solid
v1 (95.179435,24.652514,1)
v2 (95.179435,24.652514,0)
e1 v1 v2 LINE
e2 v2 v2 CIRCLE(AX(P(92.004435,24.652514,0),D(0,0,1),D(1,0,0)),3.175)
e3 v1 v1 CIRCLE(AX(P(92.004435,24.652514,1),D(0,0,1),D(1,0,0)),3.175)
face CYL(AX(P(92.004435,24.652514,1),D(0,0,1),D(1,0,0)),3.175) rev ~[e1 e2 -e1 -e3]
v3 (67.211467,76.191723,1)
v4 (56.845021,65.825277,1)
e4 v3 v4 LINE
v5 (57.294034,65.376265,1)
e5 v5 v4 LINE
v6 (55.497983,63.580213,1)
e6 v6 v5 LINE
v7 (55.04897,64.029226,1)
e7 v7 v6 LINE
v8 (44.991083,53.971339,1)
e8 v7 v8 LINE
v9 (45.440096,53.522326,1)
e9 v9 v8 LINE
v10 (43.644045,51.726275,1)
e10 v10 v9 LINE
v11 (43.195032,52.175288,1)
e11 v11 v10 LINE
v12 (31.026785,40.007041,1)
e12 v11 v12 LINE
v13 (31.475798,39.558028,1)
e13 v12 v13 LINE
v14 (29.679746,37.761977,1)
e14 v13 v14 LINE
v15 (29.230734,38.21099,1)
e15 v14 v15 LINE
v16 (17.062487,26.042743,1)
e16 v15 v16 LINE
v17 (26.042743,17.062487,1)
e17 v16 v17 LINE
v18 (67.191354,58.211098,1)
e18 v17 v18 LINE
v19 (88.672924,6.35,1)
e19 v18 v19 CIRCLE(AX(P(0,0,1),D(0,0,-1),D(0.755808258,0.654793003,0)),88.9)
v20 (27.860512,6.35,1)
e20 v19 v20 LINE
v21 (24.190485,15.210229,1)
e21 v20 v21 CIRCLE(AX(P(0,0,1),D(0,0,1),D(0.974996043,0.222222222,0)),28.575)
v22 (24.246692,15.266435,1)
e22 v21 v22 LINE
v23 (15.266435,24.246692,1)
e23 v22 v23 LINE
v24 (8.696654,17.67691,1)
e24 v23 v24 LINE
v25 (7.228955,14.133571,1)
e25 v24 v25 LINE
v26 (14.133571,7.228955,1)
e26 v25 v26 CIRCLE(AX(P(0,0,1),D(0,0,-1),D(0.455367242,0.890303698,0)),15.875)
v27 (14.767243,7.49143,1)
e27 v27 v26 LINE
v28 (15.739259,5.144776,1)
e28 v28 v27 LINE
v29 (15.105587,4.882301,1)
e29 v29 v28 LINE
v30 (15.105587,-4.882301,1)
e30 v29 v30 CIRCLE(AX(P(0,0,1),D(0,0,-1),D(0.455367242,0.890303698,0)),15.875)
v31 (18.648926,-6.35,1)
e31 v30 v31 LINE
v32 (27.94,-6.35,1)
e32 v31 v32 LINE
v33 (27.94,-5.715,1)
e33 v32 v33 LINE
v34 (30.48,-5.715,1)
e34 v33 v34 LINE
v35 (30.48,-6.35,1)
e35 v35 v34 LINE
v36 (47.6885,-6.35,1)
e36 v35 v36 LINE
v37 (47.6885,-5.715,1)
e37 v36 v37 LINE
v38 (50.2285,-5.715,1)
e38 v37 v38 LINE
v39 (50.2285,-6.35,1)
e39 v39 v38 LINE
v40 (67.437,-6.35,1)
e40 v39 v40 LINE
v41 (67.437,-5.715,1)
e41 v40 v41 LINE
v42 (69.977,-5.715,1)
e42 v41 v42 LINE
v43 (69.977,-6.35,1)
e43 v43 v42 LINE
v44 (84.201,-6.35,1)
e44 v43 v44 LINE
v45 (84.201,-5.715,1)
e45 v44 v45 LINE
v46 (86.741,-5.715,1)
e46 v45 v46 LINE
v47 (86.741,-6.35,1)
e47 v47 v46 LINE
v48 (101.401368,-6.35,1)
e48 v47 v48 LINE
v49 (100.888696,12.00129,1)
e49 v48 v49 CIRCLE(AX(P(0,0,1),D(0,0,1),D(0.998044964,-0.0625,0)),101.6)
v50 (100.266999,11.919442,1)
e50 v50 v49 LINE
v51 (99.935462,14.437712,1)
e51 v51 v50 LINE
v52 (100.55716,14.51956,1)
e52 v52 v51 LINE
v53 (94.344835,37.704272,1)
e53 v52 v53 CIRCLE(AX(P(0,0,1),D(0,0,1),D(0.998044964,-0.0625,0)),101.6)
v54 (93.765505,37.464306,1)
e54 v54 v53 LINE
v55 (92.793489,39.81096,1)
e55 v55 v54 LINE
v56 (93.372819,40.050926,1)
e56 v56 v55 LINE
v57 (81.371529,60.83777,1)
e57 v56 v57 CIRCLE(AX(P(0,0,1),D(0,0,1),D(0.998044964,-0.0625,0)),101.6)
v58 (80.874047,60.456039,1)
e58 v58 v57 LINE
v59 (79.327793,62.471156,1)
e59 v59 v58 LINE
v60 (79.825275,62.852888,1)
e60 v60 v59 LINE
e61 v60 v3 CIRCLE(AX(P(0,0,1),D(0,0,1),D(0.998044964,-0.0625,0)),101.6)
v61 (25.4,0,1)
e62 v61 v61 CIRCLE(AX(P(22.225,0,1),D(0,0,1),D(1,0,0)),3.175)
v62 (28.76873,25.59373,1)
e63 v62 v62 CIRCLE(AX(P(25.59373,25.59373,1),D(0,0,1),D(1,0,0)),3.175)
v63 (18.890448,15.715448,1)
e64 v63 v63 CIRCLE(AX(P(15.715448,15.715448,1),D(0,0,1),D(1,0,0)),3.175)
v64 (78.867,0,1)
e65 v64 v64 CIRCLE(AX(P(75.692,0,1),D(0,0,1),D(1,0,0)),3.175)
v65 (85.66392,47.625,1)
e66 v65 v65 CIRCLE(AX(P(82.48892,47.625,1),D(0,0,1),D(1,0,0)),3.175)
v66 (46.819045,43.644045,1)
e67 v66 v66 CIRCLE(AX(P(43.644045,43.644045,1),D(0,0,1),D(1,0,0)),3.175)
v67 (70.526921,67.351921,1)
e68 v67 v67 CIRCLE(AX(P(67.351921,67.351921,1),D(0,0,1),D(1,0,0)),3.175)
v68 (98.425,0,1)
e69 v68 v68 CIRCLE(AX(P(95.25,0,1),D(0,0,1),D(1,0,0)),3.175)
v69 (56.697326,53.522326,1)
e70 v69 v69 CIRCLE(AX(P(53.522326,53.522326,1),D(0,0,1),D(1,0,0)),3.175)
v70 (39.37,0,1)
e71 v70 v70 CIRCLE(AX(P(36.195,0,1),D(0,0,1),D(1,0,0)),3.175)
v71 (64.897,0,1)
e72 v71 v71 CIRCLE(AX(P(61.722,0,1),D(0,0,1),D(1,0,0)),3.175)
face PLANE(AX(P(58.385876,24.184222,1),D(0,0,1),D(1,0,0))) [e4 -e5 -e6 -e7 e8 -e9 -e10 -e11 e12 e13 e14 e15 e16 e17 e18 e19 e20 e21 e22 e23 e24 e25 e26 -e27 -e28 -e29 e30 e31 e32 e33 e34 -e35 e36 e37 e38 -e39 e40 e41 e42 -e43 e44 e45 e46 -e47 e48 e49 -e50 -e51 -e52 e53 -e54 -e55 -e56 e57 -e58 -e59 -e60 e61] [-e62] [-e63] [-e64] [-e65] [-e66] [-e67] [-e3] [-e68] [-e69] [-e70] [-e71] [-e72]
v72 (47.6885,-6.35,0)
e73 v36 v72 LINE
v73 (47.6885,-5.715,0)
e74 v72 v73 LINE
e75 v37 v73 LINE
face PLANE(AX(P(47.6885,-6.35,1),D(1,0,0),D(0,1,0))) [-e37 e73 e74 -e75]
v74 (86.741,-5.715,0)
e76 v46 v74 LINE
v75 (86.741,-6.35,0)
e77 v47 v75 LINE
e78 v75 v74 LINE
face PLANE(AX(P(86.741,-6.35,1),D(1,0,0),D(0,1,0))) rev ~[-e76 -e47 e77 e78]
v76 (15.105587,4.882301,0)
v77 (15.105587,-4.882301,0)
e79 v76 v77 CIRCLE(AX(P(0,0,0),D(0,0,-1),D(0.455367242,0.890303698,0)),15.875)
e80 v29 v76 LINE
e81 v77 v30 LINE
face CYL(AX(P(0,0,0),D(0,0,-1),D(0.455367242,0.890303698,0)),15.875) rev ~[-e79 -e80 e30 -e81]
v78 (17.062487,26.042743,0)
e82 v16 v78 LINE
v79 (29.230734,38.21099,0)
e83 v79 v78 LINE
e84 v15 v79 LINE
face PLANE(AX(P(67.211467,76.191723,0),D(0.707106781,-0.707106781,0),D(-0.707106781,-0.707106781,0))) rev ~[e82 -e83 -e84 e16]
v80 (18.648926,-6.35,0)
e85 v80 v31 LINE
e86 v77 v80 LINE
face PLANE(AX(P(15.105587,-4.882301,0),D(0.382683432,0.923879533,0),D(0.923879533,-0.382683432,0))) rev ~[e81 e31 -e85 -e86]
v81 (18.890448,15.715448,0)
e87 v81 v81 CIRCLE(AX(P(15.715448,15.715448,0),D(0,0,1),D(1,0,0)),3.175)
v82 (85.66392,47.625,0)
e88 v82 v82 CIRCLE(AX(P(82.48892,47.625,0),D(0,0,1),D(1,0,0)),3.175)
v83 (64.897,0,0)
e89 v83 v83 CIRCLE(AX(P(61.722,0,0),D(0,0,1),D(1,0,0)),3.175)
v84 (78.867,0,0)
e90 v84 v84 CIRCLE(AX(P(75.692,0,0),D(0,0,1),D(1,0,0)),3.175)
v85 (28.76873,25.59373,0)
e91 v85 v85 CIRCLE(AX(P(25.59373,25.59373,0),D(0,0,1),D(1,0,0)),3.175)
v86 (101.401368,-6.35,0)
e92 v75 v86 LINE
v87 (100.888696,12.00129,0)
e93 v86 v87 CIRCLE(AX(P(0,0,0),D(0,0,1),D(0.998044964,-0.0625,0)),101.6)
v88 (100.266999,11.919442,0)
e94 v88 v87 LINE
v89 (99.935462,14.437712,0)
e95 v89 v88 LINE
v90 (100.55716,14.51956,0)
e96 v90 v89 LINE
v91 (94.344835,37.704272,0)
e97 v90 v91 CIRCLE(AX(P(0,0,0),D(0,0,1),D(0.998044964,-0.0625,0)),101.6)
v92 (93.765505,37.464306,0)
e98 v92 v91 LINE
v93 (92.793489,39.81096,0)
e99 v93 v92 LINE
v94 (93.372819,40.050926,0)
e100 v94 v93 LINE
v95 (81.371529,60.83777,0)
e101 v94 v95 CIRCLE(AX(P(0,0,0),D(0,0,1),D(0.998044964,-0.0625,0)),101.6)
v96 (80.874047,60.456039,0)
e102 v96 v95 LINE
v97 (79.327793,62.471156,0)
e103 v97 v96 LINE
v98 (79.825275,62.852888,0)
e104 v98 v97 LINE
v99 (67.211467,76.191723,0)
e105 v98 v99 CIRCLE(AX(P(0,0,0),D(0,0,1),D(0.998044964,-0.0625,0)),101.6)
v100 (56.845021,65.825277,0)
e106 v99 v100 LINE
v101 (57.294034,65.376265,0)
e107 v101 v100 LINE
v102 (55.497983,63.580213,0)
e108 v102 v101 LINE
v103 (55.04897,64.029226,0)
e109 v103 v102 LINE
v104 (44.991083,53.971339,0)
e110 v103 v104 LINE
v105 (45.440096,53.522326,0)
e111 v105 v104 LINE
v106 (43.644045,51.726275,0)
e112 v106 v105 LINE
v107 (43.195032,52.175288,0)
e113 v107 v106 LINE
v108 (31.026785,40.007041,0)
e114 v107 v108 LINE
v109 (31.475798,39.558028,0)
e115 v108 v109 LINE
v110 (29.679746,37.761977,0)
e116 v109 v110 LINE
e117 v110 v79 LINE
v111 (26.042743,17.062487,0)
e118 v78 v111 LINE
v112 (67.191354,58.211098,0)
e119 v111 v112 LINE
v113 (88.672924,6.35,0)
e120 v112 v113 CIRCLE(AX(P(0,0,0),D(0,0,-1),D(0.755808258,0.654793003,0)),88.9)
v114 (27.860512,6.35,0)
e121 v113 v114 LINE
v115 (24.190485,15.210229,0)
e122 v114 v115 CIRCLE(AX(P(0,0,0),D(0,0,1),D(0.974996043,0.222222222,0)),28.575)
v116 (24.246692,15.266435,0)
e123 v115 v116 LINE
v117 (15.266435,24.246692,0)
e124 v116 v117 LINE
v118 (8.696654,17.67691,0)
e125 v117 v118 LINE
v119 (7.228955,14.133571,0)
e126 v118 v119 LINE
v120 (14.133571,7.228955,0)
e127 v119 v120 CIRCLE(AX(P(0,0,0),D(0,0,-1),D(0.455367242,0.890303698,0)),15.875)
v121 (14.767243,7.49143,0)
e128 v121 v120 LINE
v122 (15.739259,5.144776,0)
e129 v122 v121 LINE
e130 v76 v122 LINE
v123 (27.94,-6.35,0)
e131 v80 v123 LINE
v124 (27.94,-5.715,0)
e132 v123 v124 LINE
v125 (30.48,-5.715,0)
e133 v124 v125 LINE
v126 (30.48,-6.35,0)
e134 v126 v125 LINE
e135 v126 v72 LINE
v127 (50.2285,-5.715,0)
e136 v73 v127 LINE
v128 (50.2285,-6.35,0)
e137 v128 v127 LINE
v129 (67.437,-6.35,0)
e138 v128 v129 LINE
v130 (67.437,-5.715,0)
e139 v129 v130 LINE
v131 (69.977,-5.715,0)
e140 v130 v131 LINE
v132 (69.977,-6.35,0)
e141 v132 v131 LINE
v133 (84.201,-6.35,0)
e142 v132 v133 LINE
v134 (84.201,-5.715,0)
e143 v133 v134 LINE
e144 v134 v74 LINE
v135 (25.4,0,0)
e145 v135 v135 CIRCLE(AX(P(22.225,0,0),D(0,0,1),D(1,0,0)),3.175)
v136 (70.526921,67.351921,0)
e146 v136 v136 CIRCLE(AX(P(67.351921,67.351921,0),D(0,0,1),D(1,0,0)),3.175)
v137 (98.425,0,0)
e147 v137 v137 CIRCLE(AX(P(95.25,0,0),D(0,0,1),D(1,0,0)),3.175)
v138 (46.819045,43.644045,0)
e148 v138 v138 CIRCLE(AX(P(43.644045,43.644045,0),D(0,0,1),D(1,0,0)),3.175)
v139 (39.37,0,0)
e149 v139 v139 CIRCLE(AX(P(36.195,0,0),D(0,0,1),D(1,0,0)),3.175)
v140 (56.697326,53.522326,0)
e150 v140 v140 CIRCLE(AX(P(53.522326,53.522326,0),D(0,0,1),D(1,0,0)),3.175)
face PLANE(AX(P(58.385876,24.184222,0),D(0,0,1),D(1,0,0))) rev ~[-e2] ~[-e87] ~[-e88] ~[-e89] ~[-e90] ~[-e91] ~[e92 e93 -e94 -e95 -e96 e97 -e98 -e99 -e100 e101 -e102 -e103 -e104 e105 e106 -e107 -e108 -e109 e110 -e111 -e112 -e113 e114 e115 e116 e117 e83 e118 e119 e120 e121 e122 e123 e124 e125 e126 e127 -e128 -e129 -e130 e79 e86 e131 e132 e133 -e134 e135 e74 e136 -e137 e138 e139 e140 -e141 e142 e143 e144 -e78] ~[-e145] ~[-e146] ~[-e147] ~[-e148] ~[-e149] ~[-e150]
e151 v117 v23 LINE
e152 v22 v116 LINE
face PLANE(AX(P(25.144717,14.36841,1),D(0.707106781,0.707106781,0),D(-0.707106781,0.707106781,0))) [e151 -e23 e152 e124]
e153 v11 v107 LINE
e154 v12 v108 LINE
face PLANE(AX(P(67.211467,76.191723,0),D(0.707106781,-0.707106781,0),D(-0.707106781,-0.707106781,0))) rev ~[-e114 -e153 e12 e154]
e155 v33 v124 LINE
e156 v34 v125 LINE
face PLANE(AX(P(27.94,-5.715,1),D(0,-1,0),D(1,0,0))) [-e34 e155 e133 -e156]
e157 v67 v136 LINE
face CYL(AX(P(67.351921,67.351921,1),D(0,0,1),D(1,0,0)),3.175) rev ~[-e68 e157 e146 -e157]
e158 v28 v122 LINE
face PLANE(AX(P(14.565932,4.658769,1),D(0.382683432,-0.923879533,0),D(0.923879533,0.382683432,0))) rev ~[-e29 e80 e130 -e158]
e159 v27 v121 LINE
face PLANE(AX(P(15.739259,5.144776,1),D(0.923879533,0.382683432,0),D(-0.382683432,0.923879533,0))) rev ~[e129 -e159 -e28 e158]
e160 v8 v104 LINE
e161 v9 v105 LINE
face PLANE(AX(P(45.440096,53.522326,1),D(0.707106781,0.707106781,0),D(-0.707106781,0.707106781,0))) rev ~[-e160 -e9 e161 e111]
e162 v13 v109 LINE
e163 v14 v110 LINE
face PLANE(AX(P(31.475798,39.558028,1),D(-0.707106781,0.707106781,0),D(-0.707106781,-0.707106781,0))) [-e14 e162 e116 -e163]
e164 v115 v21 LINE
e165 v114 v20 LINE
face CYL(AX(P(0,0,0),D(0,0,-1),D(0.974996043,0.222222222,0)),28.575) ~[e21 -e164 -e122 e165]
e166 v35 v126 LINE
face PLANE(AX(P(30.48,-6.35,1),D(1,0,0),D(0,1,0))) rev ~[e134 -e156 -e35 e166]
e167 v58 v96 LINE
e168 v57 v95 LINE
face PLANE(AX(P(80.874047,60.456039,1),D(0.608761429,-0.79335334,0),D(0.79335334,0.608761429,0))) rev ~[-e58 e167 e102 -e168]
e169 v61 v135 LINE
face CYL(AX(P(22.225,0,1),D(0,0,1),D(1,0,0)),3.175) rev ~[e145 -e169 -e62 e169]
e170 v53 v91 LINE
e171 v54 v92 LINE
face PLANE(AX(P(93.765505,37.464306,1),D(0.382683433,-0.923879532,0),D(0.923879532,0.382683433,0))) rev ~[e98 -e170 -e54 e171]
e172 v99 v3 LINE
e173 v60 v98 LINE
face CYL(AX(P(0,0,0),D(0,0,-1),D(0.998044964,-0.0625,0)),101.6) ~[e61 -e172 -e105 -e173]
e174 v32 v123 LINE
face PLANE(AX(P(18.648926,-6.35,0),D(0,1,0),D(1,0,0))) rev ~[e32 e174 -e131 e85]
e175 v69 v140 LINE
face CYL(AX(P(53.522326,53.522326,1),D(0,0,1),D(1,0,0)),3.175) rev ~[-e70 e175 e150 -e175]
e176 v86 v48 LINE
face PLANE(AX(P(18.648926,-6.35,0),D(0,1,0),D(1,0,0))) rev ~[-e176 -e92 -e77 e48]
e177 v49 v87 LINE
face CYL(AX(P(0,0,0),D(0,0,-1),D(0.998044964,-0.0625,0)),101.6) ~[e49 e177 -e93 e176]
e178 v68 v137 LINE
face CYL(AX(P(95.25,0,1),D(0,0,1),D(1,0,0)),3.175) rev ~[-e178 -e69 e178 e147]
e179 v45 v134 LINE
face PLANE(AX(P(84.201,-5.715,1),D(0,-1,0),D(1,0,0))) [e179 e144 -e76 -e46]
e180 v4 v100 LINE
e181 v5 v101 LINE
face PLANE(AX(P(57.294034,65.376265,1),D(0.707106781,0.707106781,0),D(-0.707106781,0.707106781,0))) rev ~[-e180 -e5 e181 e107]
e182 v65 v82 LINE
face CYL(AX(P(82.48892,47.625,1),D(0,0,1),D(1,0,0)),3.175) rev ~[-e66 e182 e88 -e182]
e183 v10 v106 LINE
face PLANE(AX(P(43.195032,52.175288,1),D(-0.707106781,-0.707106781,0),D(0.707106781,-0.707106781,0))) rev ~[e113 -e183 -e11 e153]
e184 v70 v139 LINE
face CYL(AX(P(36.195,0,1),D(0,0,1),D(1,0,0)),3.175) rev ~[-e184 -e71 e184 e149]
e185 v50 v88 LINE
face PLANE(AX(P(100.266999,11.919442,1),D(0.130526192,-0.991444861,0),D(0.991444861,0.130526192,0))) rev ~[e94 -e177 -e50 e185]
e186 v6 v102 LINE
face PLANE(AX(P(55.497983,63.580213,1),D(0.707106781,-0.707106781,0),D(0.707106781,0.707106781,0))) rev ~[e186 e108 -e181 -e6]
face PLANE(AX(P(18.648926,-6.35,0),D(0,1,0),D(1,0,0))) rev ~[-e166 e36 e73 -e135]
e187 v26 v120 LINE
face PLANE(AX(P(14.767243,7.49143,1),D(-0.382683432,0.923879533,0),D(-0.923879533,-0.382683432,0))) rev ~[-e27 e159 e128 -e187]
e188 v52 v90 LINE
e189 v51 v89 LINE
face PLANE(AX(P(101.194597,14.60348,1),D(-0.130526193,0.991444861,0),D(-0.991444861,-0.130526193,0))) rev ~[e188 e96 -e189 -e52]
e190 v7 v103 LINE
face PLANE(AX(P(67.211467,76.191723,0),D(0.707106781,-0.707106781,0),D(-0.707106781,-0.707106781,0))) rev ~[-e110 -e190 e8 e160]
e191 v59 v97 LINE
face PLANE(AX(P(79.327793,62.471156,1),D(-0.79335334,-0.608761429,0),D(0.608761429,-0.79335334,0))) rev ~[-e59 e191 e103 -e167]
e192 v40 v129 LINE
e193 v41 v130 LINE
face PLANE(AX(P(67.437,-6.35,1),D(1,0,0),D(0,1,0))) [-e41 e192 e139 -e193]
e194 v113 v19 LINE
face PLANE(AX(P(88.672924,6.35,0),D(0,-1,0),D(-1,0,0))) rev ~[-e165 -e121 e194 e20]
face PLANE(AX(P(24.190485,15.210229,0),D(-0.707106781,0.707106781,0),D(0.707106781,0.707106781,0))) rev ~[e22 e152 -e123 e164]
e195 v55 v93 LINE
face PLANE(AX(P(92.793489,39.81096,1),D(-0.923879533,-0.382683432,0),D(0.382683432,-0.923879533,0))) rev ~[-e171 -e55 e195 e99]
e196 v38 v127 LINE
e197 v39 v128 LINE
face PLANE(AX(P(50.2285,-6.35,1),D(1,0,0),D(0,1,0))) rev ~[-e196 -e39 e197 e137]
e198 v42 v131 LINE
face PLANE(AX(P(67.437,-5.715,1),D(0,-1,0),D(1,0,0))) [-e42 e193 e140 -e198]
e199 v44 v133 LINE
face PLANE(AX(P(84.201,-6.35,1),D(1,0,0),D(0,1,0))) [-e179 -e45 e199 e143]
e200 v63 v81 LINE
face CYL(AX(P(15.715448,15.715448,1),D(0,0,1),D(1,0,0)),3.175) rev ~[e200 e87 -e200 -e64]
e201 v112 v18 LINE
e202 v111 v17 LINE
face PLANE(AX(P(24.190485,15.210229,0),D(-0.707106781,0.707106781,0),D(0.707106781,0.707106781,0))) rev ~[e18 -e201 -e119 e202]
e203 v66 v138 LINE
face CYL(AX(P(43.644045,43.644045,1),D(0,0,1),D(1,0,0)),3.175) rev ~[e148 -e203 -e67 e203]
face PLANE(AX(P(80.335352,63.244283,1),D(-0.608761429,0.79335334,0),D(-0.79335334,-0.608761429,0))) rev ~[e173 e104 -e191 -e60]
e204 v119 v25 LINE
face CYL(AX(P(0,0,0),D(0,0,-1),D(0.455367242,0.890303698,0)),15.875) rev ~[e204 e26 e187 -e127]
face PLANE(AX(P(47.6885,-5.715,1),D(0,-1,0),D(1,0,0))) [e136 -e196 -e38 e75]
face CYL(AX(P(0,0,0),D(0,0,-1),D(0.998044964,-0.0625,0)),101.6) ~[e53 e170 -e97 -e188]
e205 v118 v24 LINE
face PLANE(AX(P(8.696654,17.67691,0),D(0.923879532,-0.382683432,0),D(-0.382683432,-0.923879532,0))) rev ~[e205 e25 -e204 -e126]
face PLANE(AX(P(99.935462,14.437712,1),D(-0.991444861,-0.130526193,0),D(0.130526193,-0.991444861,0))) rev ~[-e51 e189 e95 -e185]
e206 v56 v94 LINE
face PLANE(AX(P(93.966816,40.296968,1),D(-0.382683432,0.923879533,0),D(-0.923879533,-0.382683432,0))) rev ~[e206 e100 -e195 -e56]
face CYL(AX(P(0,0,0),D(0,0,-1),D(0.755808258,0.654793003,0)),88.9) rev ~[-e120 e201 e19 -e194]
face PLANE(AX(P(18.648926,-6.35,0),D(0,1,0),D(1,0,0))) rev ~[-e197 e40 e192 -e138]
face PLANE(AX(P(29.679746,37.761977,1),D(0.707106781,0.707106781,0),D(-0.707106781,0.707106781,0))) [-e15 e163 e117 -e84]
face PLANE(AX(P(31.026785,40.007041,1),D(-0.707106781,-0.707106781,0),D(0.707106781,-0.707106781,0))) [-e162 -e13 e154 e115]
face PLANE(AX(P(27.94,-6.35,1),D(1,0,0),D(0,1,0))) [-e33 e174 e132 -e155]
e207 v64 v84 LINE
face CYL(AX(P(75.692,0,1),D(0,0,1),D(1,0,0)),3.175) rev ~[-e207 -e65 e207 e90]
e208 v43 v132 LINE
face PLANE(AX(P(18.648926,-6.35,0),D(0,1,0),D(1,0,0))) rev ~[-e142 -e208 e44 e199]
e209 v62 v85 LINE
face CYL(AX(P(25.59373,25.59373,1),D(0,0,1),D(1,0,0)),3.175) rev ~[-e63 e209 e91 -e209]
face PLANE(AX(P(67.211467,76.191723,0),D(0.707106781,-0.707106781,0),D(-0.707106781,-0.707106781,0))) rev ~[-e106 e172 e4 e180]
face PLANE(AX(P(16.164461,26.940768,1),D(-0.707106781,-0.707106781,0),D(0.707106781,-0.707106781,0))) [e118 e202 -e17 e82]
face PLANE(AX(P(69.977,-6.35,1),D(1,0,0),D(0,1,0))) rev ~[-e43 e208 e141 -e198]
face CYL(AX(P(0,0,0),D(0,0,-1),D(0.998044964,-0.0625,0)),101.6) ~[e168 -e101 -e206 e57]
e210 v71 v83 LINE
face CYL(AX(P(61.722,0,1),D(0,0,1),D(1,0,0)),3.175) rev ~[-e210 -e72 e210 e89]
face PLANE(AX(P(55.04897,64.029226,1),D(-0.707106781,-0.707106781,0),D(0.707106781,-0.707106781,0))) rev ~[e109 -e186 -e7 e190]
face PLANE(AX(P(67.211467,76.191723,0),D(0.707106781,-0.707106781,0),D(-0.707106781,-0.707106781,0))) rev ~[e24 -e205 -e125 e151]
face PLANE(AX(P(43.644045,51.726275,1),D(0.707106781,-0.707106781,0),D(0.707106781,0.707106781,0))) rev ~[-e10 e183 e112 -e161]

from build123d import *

# Parameters (mm, degrees)
BOSS_EXTRUDE1_DEPTH = 1
SKETCH2_R           = 3.175
CUT_EXTRUDE1_DEPTH  = 2
SKETCH3_W           = 2.54
SKETCH3_H           = 0.635
CUT_EXTRUDE2_DEPTH  = 2


with BuildPart() as part:
    # Sketch1 → Boss-Extrude1 (new body)
    with BuildSketch(Plane.XY):
        with BuildLine():
            Line((67.21146711, 76.191723231), (8.696654013, 17.676910134))
            Line((8.696654013, 17.676910134), (7.228954972, 14.133571205))
            ThreePointArc((7.228954972, 14.133571205), (14.666587579, 6.075099489), (15.105587123, -4.88230096))
            Line((15.105587123, -4.88230096), (18.648926052, -6.35))
            Line((18.648926052, -6.35), (101.401368334, -6.35))
            ThreePointArc((101.401368334, -6.35), (93.866160503, 38.880636728), (67.21146711, 76.191723231))
        make_face()
        with BuildLine():
            Line((88.672924278, 6.35), (27.86051193, 6.35))
            ThreePointArc((27.86051193, 6.35), (26.399857642, 10.93517908), (24.190484974, 15.210228852))
            Line((24.190484974, 15.210228852), (67.191354125, 58.211098004))
            ThreePointArc((67.191354125, 58.211098004), (82.13289044, 34.020557137), (88.672924278, 6.35))
        make_face(mode=Mode.SUBTRACT)
    extrude(amount=BOSS_EXTRUDE1_DEPTH)

    # Sketch2 → Cut-Extrude1 (cut, through all)
    with BuildSketch(Plane.XY.offset(1)):
        with Locations((22.225, 0)):
            Circle(SKETCH2_R)
        with Locations((36.195, 0)):
            Circle(SKETCH2_R)
        with Locations((61.722, 0)):
            Circle(SKETCH2_R)
        with Locations((75.692, 0)):
            Circle(SKETCH2_R)
        with Locations((95.25, 0)):
            Circle(SKETCH2_R)
        with Locations((15.715448212, 15.715448212)):
            Circle(SKETCH2_R)
        with Locations((25.593729945, 25.593729945)):
            Circle(SKETCH2_R)
        with Locations((43.644044748, 43.644044748)):
            Circle(SKETCH2_R)
        with Locations((53.522326482, 53.522326482)):
            Circle(SKETCH2_R)
        with Locations((92.004434954, 24.652514046)):
            Circle(SKETCH2_R)
        with Locations((82.48891971, 47.625)):
            Circle(SKETCH2_R)
        with Locations((67.351920908, 67.351920908)):
            Circle(SKETCH2_R)
    extrude(amount=-CUT_EXTRUDE1_DEPTH, mode=Mode.SUBTRACT)

    # Sketch3 → Cut-Extrude2 (cut, through all)
    with BuildSketch(Plane.XY.offset(1)):
        Polygon((25.144717139, 14.368409794), (14.368409794, 25.144717139), (16.164461018, 26.940768363), (26.940768363, 16.164461018), align=None)
        Polygon((44.991083167, 53.971339288), (43.195031942, 52.175288063), (43.644044748, 51.726275257), (45.440095973, 53.522326482), align=None)
        with Locations((29.21, -6.0325)):
            Rectangle(SKETCH3_W, SKETCH3_H)
        with Locations((68.707, -6.0325)):
            Rectangle(SKETCH3_W, SKETCH3_H)
        Polygon((29.230733674, 38.210989795), (31.026784898, 40.007041019), (31.475797704, 39.558028213), (29.67974648, 37.761976989), align=None)
        Polygon((56.845021246, 65.825277367), (55.048970022, 64.029226143), (55.497982828, 63.580213337), (57.294034052, 65.376264561), align=None)
        with Locations((48.9585, -6.0325)):
            Rectangle(SKETCH3_W, SKETCH3_H)
        with Locations((85.471, -6.0325)):
            Rectangle(SKETCH3_W, SKETCH3_H)
        Polygon((99.935462164, 14.437711971), (100.266998693, 11.919442024), (101.526133667, 12.085210288), (101.194597138, 14.603480236), align=None)
        Polygon((93.765504959, 37.464305742), (94.938831965, 37.950313702), (93.966816047, 40.296967714), (92.793489041, 39.810959755), align=None)
        Polygon((79.327792988, 62.471156422), (80.874047017, 60.456038938), (81.88160576, 61.229165953), (80.33535173, 63.244283437), align=None)
        Polygon((13.593916116, 7.005422516), (14.565932035, 4.658768503), (15.739259041, 5.144776462), (14.767243123, 7.491430475), align=None)
    extrude(amount=-CUT_EXTRUDE2_DEPTH, mode=Mode.SUBTRACT)


solid = part.part
